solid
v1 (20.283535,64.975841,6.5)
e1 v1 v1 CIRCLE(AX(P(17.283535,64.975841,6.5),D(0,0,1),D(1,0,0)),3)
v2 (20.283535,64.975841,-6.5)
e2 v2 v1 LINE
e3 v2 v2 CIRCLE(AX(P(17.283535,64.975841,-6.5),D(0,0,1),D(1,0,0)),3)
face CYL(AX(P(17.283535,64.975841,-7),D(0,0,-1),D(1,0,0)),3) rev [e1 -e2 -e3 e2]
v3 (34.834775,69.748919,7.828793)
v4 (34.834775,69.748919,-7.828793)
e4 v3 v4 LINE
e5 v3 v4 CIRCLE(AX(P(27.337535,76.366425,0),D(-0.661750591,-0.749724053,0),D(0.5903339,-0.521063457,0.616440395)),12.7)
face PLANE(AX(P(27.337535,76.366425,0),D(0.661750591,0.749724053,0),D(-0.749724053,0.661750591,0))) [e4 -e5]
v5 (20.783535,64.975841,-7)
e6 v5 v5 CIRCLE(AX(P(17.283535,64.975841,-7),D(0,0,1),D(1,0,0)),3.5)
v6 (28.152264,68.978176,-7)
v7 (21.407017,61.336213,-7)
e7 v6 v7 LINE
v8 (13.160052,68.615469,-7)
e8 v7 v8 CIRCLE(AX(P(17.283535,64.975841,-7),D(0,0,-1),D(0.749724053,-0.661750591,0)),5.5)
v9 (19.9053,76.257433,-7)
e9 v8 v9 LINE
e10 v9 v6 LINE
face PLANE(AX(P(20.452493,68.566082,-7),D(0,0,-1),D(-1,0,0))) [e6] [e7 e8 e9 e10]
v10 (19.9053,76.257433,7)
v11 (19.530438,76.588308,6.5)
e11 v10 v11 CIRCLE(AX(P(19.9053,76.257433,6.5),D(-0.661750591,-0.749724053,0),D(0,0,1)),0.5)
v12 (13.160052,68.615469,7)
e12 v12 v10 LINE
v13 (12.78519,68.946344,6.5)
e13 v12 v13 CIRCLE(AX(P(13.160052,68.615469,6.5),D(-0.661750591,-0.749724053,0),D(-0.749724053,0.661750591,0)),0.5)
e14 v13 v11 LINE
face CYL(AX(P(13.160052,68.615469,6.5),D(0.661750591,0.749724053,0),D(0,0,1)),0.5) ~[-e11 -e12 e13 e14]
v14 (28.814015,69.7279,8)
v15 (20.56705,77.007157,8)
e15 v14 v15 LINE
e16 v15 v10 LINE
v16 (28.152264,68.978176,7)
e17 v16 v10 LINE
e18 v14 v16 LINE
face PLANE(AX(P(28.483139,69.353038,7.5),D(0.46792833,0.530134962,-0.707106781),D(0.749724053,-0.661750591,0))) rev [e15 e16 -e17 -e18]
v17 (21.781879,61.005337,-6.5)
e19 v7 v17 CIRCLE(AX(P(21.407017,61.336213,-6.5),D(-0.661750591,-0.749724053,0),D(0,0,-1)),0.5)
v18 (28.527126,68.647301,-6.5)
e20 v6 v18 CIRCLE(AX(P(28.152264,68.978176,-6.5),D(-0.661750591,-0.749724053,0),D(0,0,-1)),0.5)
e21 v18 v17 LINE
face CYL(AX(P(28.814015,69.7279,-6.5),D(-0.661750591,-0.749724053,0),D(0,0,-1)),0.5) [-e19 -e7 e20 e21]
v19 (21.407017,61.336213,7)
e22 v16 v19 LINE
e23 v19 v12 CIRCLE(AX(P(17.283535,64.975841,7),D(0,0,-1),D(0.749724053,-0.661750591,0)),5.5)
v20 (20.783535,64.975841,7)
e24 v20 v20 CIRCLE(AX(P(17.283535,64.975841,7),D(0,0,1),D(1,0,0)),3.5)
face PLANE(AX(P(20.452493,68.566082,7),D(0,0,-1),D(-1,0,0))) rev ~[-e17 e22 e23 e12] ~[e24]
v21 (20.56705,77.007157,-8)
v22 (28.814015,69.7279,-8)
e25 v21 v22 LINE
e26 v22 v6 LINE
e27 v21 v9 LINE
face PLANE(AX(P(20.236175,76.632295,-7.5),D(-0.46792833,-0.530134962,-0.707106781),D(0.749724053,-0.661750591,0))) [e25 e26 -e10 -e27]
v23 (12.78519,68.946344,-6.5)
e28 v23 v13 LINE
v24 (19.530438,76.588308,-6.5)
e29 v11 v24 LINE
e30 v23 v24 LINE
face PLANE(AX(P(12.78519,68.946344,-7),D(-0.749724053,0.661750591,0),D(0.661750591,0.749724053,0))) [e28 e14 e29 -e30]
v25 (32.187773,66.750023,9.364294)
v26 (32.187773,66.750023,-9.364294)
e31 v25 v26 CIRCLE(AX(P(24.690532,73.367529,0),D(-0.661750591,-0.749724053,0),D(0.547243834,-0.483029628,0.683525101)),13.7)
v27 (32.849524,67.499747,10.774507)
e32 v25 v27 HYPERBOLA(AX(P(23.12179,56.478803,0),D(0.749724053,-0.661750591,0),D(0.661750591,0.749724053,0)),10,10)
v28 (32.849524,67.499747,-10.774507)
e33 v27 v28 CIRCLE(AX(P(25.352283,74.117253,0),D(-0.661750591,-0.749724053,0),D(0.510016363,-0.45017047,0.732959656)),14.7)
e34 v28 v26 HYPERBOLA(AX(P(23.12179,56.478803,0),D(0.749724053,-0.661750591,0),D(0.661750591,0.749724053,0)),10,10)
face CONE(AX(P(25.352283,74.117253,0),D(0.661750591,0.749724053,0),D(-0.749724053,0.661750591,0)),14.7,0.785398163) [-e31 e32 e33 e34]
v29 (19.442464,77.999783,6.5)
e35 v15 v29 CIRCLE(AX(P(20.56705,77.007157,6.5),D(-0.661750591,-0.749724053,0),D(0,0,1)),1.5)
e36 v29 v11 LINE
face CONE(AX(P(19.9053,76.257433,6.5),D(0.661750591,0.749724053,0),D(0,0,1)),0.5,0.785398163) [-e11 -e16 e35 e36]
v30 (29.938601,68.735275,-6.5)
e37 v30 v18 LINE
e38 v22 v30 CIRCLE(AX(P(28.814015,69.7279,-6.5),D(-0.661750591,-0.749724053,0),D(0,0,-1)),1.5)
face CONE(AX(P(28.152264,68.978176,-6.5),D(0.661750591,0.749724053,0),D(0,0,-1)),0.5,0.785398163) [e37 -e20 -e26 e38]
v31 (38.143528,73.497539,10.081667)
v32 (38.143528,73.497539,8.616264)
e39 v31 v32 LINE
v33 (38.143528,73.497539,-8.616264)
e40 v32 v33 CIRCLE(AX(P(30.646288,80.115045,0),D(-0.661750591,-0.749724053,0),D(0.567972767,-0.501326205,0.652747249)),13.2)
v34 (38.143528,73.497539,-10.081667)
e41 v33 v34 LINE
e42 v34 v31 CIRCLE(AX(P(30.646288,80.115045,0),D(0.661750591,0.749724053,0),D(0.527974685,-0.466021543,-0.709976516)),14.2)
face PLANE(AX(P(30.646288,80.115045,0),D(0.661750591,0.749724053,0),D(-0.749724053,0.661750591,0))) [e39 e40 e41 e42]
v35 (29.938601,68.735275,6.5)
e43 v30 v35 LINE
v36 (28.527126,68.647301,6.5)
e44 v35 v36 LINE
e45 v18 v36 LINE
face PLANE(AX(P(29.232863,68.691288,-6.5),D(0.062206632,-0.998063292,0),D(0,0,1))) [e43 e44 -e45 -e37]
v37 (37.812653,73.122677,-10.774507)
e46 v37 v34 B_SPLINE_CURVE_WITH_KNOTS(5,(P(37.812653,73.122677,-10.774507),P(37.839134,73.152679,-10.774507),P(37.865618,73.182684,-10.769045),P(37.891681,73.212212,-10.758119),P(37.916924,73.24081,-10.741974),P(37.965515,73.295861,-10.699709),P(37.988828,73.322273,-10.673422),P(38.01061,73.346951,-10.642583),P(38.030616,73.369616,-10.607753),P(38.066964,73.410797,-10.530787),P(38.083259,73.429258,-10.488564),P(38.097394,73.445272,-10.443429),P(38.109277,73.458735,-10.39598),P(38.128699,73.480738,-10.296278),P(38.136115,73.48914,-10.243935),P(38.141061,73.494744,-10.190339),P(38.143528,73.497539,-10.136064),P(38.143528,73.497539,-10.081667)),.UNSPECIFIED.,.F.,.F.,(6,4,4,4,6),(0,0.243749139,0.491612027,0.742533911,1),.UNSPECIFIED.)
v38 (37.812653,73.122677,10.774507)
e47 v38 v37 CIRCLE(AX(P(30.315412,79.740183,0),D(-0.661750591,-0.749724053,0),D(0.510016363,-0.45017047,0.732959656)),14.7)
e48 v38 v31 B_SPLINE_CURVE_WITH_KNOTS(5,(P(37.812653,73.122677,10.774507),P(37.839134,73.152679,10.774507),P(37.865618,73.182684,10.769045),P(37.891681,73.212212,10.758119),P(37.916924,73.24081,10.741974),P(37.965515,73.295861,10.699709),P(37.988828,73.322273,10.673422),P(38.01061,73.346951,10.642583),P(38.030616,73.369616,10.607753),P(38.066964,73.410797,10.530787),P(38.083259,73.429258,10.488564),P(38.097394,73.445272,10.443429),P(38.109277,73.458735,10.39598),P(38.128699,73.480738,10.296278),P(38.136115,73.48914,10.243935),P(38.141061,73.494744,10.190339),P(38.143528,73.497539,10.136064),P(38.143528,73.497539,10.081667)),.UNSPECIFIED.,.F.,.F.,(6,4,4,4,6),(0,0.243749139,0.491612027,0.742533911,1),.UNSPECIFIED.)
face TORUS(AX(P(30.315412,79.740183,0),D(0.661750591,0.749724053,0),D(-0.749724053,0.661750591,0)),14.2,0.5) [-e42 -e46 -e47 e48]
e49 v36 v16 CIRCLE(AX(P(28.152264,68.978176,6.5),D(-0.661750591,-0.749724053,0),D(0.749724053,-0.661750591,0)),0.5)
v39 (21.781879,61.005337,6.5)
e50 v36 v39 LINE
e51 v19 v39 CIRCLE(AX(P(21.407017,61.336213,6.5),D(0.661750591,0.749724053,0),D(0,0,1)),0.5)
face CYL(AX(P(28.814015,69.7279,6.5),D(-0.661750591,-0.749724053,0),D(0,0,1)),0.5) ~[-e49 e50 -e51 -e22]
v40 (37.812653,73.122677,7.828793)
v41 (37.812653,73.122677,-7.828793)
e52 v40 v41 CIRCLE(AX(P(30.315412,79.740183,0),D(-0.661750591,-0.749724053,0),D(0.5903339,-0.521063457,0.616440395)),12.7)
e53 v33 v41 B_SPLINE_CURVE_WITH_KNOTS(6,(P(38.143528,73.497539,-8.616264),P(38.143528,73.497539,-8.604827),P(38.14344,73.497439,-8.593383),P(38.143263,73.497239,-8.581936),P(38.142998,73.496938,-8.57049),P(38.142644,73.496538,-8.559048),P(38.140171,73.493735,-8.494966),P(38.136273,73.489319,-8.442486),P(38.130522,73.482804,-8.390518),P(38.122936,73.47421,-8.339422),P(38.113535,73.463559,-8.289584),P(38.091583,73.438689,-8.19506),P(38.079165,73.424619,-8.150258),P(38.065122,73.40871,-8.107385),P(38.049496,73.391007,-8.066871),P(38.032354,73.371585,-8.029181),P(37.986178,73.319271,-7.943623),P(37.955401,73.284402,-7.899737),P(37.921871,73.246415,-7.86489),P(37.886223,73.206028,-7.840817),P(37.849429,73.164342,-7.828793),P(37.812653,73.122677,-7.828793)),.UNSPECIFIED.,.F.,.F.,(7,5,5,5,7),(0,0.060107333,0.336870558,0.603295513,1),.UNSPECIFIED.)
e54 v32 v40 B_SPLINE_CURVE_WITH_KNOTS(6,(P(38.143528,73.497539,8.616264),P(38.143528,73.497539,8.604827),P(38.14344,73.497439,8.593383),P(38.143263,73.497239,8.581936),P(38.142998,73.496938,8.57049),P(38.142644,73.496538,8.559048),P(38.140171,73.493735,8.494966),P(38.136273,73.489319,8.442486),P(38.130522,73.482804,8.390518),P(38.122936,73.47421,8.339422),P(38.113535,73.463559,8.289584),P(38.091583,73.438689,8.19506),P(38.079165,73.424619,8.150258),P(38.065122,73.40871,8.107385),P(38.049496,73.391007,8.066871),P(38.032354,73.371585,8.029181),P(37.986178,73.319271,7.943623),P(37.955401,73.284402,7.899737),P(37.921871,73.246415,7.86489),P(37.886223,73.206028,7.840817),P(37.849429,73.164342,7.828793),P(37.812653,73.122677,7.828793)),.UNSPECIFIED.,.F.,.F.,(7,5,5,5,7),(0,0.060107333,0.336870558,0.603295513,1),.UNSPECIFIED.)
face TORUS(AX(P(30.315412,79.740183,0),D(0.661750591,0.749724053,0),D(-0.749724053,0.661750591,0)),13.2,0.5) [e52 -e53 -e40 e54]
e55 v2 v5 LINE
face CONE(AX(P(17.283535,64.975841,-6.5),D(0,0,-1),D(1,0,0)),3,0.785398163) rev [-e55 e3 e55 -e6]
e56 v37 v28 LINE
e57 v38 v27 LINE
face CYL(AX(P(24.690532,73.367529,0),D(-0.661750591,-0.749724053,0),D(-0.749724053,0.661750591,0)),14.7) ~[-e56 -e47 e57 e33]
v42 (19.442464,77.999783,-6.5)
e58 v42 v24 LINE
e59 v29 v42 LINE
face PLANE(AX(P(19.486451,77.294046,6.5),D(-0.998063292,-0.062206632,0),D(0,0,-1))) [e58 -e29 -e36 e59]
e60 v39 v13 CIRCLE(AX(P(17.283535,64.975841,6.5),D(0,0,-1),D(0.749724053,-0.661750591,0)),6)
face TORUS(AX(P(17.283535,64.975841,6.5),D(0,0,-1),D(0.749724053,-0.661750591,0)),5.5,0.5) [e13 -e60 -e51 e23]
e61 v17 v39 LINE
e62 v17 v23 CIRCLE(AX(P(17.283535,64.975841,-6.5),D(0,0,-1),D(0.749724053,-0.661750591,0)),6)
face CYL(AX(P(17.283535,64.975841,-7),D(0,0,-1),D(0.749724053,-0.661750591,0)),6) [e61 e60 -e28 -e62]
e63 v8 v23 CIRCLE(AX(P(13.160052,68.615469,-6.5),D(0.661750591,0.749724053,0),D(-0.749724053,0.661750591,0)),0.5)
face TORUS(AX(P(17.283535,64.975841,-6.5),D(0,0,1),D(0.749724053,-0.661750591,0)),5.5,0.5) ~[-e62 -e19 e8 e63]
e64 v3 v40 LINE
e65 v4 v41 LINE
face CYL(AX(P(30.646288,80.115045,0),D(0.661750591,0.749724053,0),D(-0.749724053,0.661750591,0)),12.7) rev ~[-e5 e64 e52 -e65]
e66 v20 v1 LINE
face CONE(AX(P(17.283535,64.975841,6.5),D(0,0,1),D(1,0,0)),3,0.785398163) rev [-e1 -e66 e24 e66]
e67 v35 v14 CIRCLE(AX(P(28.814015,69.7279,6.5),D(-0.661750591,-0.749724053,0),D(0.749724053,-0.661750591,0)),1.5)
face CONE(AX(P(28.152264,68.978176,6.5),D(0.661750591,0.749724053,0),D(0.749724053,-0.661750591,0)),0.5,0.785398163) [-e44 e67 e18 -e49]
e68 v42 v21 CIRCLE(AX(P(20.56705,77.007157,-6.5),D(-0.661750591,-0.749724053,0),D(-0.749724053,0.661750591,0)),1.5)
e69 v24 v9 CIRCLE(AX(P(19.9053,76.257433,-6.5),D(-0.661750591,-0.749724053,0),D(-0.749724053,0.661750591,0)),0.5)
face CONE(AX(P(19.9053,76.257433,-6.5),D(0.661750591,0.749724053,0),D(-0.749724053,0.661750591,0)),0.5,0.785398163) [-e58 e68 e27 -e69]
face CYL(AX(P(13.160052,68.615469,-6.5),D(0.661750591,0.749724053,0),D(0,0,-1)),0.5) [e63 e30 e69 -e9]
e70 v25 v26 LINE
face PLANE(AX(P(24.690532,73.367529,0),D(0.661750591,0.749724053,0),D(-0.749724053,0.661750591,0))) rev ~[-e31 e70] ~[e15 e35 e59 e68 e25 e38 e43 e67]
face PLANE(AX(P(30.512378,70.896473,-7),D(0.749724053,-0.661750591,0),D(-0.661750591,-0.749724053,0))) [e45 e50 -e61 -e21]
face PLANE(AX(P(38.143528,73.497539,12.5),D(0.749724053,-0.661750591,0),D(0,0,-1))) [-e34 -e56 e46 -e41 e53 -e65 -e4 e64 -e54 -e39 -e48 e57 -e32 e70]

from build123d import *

# Parameters (mm, degrees)
BOSS_EXTRUDE1_DEPTH      = 7
BOSS_EXTRUDE1_DEPTH_BACK = 7
SKETCH2_R                = 3.0000000000000018
BOSS_EXTRUDE2_DEPTH      = 2
BOSS_EXTRUDE2_DEPTH_BACK = 2
SKETCH3_R                = 14.700000000000001
BOSS_EXTRUDE3_START      = 5
SKETCH4_R                = 14.700000000000001
SKETCH4_R_2              = 12.699999999999998
BOSS_EXTRUDE3_DEPTH      = 5
FILLET2_R                = 0.5
FILLET4_R                = 0.5
CHAMFER1_SIZE            = 0.5
CHAMFER2_SIZE            = 1
CUT_EXTRUDE1_DEPTH       = 54.24291481918433


with BuildPart() as part:
    # Sketch2 → Boss-Extrude1 (new, two sides: drawn at the far end of the back side and taken through both)
    with BuildSketch(Plane.XY.offset(-BOSS_EXTRUDE1_DEPTH_BACK)):
        with BuildLine():
            Line((30.512377936980783, 70.89647327651264), (21.781878923827843, 61.0053372557492))
            ThreePointArc((21.781878923827843, 61.0053372557492), (13.313031061350836, 60.477496482202135), (12.78519028780376, 68.94634434467913))
            Line((12.78519028780376, 68.94634434467913), (21.51568930095671, 78.83748036544256))
            Line((21.51568930095671, 78.83748036544256), (30.512377936980783, 70.89647327651264))
        make_face()
        with Locations((17.283534605815802, 64.97584080021417)):
            Circle(SKETCH2_R, mode=Mode.SUBTRACT)
    extrude(amount=BOSS_EXTRUDE1_DEPTH + BOSS_EXTRUDE1_DEPTH_BACK)

    # Sketch3 → Boss-Extrude2 (add, two sides: drawn at the far end of the back side and taken through both)
    with BuildSketch(Plane(origin=(48.53568375746082, 54.98804239970119, 0), x_dir=(0.7497240530020064, -0.66175059074416, 0), z_dir=(0.66175059074416, 0.7497240530020064, 0)).offset(-BOSS_EXTRUDE2_DEPTH_BACK)):
        with Locations((-30.039919418767553, 0)):
            Circle(SKETCH3_R)
    extrude(amount=BOSS_EXTRUDE2_DEPTH + BOSS_EXTRUDE2_DEPTH_BACK)

    # Sketch4 → Boss-Extrude3 (add)
    with BuildSketch(Plane(origin=(49.85918493894915, 56.48749050570521, 0), x_dir=(0.7497240530020064, -0.66175059074416, 0), z_dir=(0.66175059074416, 0.7497240530020064, 0)).offset(BOSS_EXTRUDE3_START)):
        with Locations((-30.03991941876756, 0)):
            Circle(SKETCH4_R)
        with Locations((-30.03991941876756, 0)):
            Circle(SKETCH4_R_2, mode=Mode.SUBTRACT)
    extrude(amount=-BOSS_EXTRUDE3_DEPTH)

    # Fillet2
    fillet2_edges = [part.edges().sort_by_distance(p)[0] for p in [
        (21.12479228105238, 88.51927769444247, -1.56e-15),
        (19.62534417504836, 89.84277887593079, -1.8e-15),
    ]]
    fillet(fillet2_edges, radius=FILLET2_R)

    # Fillet4
    fillet4_edges = [part.edges().sort_by_distance(p)[0] for p in [
        (25.48537783966015, 65.2011812131289, -7),
        (13.313031061350841, 60.47749648220213, -7),
        (16.488689203636067, 73.14218830205883, -7),
        (25.48537783966015, 65.2011812131289, 7),
        (13.313031061350841, 60.47749648220213, 7),
        (16.488689203636067, 73.14218830205883, 7),
    ]]
    fillet(fillet4_edges, radius=FILLET4_R)

    # Chamfer1
    chamfer1_edges = [part.edges().sort_by_distance(p)[0] for p in [
        (14.2835346058158, 64.97584080021417, 7),
        (14.2835346058158, 64.97584080021417, -7),
    ]]
    chamfer(chamfer1_edges, length=CHAMFER1_SIZE)

    # Chamfer2
    chamfer2_edges = [part.edges().sort_by_distance(p)[0] for p in [
        (20.301982665021182, 77.24112112915115, 6.853553390593271),
        (20.192188119468376, 77.33803225943853, -7e-17),
        (20.301982665021182, 77.24112112915115, -6.853553390593271),
        (24.690532437480417, 73.36752871497357, -7),
        (29.079082209939642, 69.493936300796, -6.853553390593275),
        (29.18887675549246, 69.39702517050861, -7e-17),
        (29.079082209939642, 69.493936300796, 6.853553390593275),
        (24.690532437480417, 73.36752871497357, 7),
        (13.66958885835092, 83.09526239891272, -1.8e-15),
    ]]
    chamfer(chamfer2_edges, length=CHAMFER2_SIZE)

    # Sketch5 → Cut-Extrude1 (cut, through all)
    with BuildSketch(Plane(origin=(53.16793789266995, 60.23611077071524, 0), x_dir=(0.7497240530020064, -0.66175059074416, 0), z_dir=(0.66175059074416, 0.7497240530020064, 0))):
        Polygon((-10.039919418767552, 12.5), (-10.039919418767552, -12.5), (-20.03991941876755, -12.500000000000004), (-20.03991941876755, 12.500000000000004), align=None)
    extrude(amount=-CUT_EXTRUDE1_DEPTH, mode=Mode.SUBTRACT)


solid = part.part
